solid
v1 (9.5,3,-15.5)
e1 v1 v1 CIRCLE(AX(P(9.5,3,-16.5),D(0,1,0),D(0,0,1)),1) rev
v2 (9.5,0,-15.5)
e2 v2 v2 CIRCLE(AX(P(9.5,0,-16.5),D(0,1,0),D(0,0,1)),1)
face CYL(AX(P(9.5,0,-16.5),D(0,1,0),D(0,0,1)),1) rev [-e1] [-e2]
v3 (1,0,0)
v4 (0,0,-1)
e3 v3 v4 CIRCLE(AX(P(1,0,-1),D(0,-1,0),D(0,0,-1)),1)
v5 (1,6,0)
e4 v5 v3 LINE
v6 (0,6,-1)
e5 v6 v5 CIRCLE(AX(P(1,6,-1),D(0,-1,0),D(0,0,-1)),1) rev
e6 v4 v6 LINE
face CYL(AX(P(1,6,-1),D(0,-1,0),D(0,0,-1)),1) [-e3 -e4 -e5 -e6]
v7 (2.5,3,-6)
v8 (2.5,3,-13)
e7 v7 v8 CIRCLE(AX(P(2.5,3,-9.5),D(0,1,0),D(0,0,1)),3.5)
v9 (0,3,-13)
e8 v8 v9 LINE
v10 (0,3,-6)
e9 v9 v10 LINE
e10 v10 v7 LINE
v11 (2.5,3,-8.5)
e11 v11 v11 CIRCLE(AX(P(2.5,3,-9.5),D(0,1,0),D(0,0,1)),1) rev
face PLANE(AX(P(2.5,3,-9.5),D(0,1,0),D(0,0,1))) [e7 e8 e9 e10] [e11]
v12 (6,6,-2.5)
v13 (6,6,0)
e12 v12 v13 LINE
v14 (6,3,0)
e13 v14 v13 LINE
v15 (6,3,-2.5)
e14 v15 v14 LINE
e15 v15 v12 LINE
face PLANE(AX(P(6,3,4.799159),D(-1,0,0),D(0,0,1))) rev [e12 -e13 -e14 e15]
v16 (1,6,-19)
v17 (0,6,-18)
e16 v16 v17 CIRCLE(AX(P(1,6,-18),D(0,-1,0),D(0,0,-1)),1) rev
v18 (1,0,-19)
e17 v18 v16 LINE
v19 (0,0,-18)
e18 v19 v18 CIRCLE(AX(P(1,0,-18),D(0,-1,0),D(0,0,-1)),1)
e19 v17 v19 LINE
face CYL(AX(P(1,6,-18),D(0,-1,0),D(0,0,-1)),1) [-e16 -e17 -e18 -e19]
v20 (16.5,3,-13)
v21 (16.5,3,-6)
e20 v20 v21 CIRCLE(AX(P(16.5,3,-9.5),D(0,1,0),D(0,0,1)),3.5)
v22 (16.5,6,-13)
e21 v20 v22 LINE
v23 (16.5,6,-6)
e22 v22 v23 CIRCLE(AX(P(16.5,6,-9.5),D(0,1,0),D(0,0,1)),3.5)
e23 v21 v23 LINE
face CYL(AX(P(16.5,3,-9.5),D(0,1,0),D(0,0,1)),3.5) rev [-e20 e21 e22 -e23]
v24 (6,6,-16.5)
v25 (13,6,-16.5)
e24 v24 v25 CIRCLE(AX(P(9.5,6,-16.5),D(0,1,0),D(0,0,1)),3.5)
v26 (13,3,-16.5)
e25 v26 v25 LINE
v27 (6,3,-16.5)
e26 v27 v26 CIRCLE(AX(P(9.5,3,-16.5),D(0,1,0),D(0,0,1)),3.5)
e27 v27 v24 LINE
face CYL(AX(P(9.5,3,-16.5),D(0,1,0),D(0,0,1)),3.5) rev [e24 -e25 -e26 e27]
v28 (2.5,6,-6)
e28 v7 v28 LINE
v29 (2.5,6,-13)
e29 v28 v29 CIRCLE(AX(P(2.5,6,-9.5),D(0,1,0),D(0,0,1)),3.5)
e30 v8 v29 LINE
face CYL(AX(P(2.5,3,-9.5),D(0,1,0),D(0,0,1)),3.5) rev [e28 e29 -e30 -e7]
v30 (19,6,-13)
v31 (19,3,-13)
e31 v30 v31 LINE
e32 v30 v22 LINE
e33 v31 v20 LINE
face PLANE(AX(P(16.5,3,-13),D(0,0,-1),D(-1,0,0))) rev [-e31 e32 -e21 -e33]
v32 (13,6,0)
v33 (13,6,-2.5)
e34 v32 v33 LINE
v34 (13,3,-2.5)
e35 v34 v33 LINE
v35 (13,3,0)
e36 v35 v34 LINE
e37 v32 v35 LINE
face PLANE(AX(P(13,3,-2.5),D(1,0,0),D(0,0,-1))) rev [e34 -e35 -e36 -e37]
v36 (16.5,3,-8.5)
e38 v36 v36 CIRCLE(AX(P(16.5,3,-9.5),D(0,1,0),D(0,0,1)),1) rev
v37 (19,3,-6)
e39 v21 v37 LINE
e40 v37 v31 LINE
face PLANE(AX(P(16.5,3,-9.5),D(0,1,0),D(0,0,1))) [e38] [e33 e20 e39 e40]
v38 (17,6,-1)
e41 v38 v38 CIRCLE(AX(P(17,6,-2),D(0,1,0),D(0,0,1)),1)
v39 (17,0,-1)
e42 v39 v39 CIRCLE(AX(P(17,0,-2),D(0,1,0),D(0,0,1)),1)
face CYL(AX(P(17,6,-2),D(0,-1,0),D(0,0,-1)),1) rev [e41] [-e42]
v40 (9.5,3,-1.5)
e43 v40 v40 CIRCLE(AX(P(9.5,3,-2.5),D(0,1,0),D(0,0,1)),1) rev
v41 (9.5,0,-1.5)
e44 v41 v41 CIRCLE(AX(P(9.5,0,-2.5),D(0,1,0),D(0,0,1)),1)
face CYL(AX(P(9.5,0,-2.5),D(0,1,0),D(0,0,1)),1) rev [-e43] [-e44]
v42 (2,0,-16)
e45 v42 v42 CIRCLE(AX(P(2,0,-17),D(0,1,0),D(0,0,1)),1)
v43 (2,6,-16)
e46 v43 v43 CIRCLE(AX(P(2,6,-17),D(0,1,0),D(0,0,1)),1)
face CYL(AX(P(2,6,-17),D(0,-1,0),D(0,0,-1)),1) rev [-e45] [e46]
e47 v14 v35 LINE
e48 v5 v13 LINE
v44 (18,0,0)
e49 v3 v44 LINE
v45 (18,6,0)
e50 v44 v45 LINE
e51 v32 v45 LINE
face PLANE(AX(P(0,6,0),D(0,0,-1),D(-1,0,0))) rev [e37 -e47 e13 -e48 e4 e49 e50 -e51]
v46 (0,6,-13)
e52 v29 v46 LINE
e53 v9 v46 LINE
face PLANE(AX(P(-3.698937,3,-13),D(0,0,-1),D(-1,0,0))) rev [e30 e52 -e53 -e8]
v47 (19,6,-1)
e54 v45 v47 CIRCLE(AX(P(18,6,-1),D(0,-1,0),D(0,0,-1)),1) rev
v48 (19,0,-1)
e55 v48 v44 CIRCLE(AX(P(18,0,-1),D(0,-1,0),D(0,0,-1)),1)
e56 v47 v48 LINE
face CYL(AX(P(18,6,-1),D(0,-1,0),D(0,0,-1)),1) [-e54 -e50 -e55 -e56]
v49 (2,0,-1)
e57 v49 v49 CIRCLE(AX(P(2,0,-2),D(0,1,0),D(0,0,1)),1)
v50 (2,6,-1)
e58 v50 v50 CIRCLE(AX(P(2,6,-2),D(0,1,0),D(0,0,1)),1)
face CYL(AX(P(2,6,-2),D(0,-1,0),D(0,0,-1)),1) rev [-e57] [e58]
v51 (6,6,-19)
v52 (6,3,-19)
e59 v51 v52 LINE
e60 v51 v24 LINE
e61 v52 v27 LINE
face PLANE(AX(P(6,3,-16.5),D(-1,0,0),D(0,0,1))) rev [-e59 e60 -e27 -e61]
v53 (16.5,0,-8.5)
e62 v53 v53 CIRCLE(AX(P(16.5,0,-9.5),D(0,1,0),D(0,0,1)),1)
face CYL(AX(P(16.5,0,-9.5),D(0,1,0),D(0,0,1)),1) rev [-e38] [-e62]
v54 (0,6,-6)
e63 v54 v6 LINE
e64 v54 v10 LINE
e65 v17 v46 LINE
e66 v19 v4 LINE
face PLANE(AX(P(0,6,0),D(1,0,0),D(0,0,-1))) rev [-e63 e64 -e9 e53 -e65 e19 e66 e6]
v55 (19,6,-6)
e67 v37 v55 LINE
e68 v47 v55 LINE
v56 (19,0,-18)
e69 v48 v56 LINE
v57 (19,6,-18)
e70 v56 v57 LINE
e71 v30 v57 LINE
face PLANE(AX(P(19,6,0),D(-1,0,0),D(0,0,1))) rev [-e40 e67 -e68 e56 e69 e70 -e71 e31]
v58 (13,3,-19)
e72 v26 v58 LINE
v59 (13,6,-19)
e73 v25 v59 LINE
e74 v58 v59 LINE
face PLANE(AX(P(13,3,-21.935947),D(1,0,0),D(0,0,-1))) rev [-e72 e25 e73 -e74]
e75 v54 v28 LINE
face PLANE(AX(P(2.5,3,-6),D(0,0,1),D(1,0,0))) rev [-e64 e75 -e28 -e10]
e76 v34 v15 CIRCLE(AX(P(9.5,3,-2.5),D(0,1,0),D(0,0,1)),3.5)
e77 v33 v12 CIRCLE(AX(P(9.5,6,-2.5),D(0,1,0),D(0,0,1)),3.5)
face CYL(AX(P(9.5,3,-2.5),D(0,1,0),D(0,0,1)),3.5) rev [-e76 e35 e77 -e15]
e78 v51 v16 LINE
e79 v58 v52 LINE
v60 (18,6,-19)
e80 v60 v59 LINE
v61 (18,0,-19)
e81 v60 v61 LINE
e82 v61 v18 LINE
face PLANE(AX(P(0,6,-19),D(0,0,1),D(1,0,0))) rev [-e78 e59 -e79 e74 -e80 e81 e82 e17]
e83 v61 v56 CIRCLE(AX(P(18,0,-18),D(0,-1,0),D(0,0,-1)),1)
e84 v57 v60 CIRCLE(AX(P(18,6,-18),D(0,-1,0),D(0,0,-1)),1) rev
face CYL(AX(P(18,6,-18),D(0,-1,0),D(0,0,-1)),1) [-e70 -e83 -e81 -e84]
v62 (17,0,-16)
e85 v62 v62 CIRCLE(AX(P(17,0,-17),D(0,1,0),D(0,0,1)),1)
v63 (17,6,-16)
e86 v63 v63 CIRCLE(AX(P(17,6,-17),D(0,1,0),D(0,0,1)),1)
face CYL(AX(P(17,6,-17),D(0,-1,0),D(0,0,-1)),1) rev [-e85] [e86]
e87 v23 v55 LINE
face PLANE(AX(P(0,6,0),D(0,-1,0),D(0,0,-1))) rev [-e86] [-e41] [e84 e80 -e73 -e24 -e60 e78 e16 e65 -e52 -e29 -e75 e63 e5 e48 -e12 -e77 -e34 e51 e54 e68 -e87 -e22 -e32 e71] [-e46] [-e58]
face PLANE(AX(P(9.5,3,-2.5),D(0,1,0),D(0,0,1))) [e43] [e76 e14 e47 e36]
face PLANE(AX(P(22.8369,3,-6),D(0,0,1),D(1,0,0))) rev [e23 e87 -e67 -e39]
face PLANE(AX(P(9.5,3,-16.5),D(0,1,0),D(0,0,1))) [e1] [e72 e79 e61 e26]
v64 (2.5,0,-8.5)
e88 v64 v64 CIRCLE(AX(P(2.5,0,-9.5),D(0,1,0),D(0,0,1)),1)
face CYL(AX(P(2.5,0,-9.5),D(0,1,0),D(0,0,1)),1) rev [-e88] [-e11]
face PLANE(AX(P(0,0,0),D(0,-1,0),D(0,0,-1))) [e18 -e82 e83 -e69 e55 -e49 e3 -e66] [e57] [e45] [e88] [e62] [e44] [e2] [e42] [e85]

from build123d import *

# Parameters (mm, degrees)
SKETCH_1_W          = 19
SKETCH_1_H          = 19
SKETCH_1_R          = 1
EXTRUDE_1_DEPTH     = 6
FILLET_1_R          = 1
SKETCH_2_R          = 1
CUT_EXTRUDE_1_DEPTH = 28.531799796
CUT_EXTRUDE_2_DEPTH = 3


with BuildPart() as part:
    # Эскиз1 → Бобышка-Вытянуть1 (new body)
    with BuildSketch(Plane(origin=(0, 0, 0), x_dir=(1, 0, 0), z_dir=(0, 1, 0))):
        with Locations((9.5, 9.5)):
            Rectangle(SKETCH_1_W, SKETCH_1_H)
        with Locations(Location((2, 17, 0), (0, 0, 270))):
            Circle(SKETCH_1_R, mode=Mode.SUBTRACT)
        with Locations(Location((17, 17, 0), (0, 0, 270))):
            Circle(SKETCH_1_R, mode=Mode.SUBTRACT)
        with Locations(Location((17, 2, 0), (0, 0, 270))):
            Circle(SKETCH_1_R, mode=Mode.SUBTRACT)
        with Locations(Location((2, 2, 0), (0, 0, 270))):
            Circle(SKETCH_1_R, mode=Mode.SUBTRACT)
    extrude(amount=EXTRUDE_1_DEPTH)

    # Скругление1
    fillet_1_edges = [part.edges().sort_by_distance(p)[0] for p in [
        (0, 3, -19),
        (19, 3, -19),
        (19, 3, 0),
        (0, 3, 0),
    ]]
    fillet(fillet_1_edges, radius=FILLET_1_R)

    # Эскиз2 → Вырез-Вытянуть1 (cut, through all)
    with BuildSketch(Plane(origin=(0, 6, 0), x_dir=(1, 0, 0), z_dir=(0, 1, 0))):
        with Locations(Location((9.5, 16.5, 0), (0, 0, 270))):
            Circle(SKETCH_2_R)
        with Locations(Location((16.5, 9.5, 0), (0, 0, 270))):
            Circle(SKETCH_2_R)
        with Locations(Location((9.5, 2.5, 0), (0, 0, 270))):
            Circle(SKETCH_2_R)
        with Locations(Location((2.5, 9.5, 0), (0, 0, 270))):
            Circle(SKETCH_2_R)
    extrude(amount=-CUT_EXTRUDE_1_DEPTH, mode=Mode.SUBTRACT)

    # Эскиз3 → Вырез-Вытянуть2 (cut)
    with BuildSketch(Plane(origin=(0, 6, 0), x_dir=(1, 0, 0), z_dir=(0, 1, 0))):
        with BuildLine():
            Line((6, 16.5), (6, 21.9359466))
            Line((6, 21.9359466), (13, 21.9359466))
            Line((13, 21.9359466), (13, 16.5))
            ThreePointArc((13, 16.5), (9.5, 13), (6, 16.5))
        make_face()
        with BuildLine():
            Line((13, 2.5), (13, -5.102937302))
            Line((13, -5.102937302), (6, -4.799159297))
            Line((6, -4.799159297), (6, 2.5))
            ThreePointArc((6, 2.5), (9.5, 6), (13, 2.5))
        make_face()
        with BuildLine():
            Line((2.5, 6), (-3.698936954, 6))
            Line((-3.698936954, 6), (-3.698936954, 13))
            Line((-3.698936954, 13), (2.5, 13))
            ThreePointArc((2.5, 13), (6, 9.5), (2.5, 6))
        make_face()
        with BuildLine():
            Line((22.836899795, 13), (22.836899795, 6))
            Line((22.836899795, 6), (16.5, 6))
            ThreePointArc((16.5, 6), (13, 9.5), (16.5, 13))
            Line((16.5, 13), (22.836899795, 13))
        make_face()
    extrude(amount=-CUT_EXTRUDE_2_DEPTH, mode=Mode.SUBTRACT)


solid = part.part
